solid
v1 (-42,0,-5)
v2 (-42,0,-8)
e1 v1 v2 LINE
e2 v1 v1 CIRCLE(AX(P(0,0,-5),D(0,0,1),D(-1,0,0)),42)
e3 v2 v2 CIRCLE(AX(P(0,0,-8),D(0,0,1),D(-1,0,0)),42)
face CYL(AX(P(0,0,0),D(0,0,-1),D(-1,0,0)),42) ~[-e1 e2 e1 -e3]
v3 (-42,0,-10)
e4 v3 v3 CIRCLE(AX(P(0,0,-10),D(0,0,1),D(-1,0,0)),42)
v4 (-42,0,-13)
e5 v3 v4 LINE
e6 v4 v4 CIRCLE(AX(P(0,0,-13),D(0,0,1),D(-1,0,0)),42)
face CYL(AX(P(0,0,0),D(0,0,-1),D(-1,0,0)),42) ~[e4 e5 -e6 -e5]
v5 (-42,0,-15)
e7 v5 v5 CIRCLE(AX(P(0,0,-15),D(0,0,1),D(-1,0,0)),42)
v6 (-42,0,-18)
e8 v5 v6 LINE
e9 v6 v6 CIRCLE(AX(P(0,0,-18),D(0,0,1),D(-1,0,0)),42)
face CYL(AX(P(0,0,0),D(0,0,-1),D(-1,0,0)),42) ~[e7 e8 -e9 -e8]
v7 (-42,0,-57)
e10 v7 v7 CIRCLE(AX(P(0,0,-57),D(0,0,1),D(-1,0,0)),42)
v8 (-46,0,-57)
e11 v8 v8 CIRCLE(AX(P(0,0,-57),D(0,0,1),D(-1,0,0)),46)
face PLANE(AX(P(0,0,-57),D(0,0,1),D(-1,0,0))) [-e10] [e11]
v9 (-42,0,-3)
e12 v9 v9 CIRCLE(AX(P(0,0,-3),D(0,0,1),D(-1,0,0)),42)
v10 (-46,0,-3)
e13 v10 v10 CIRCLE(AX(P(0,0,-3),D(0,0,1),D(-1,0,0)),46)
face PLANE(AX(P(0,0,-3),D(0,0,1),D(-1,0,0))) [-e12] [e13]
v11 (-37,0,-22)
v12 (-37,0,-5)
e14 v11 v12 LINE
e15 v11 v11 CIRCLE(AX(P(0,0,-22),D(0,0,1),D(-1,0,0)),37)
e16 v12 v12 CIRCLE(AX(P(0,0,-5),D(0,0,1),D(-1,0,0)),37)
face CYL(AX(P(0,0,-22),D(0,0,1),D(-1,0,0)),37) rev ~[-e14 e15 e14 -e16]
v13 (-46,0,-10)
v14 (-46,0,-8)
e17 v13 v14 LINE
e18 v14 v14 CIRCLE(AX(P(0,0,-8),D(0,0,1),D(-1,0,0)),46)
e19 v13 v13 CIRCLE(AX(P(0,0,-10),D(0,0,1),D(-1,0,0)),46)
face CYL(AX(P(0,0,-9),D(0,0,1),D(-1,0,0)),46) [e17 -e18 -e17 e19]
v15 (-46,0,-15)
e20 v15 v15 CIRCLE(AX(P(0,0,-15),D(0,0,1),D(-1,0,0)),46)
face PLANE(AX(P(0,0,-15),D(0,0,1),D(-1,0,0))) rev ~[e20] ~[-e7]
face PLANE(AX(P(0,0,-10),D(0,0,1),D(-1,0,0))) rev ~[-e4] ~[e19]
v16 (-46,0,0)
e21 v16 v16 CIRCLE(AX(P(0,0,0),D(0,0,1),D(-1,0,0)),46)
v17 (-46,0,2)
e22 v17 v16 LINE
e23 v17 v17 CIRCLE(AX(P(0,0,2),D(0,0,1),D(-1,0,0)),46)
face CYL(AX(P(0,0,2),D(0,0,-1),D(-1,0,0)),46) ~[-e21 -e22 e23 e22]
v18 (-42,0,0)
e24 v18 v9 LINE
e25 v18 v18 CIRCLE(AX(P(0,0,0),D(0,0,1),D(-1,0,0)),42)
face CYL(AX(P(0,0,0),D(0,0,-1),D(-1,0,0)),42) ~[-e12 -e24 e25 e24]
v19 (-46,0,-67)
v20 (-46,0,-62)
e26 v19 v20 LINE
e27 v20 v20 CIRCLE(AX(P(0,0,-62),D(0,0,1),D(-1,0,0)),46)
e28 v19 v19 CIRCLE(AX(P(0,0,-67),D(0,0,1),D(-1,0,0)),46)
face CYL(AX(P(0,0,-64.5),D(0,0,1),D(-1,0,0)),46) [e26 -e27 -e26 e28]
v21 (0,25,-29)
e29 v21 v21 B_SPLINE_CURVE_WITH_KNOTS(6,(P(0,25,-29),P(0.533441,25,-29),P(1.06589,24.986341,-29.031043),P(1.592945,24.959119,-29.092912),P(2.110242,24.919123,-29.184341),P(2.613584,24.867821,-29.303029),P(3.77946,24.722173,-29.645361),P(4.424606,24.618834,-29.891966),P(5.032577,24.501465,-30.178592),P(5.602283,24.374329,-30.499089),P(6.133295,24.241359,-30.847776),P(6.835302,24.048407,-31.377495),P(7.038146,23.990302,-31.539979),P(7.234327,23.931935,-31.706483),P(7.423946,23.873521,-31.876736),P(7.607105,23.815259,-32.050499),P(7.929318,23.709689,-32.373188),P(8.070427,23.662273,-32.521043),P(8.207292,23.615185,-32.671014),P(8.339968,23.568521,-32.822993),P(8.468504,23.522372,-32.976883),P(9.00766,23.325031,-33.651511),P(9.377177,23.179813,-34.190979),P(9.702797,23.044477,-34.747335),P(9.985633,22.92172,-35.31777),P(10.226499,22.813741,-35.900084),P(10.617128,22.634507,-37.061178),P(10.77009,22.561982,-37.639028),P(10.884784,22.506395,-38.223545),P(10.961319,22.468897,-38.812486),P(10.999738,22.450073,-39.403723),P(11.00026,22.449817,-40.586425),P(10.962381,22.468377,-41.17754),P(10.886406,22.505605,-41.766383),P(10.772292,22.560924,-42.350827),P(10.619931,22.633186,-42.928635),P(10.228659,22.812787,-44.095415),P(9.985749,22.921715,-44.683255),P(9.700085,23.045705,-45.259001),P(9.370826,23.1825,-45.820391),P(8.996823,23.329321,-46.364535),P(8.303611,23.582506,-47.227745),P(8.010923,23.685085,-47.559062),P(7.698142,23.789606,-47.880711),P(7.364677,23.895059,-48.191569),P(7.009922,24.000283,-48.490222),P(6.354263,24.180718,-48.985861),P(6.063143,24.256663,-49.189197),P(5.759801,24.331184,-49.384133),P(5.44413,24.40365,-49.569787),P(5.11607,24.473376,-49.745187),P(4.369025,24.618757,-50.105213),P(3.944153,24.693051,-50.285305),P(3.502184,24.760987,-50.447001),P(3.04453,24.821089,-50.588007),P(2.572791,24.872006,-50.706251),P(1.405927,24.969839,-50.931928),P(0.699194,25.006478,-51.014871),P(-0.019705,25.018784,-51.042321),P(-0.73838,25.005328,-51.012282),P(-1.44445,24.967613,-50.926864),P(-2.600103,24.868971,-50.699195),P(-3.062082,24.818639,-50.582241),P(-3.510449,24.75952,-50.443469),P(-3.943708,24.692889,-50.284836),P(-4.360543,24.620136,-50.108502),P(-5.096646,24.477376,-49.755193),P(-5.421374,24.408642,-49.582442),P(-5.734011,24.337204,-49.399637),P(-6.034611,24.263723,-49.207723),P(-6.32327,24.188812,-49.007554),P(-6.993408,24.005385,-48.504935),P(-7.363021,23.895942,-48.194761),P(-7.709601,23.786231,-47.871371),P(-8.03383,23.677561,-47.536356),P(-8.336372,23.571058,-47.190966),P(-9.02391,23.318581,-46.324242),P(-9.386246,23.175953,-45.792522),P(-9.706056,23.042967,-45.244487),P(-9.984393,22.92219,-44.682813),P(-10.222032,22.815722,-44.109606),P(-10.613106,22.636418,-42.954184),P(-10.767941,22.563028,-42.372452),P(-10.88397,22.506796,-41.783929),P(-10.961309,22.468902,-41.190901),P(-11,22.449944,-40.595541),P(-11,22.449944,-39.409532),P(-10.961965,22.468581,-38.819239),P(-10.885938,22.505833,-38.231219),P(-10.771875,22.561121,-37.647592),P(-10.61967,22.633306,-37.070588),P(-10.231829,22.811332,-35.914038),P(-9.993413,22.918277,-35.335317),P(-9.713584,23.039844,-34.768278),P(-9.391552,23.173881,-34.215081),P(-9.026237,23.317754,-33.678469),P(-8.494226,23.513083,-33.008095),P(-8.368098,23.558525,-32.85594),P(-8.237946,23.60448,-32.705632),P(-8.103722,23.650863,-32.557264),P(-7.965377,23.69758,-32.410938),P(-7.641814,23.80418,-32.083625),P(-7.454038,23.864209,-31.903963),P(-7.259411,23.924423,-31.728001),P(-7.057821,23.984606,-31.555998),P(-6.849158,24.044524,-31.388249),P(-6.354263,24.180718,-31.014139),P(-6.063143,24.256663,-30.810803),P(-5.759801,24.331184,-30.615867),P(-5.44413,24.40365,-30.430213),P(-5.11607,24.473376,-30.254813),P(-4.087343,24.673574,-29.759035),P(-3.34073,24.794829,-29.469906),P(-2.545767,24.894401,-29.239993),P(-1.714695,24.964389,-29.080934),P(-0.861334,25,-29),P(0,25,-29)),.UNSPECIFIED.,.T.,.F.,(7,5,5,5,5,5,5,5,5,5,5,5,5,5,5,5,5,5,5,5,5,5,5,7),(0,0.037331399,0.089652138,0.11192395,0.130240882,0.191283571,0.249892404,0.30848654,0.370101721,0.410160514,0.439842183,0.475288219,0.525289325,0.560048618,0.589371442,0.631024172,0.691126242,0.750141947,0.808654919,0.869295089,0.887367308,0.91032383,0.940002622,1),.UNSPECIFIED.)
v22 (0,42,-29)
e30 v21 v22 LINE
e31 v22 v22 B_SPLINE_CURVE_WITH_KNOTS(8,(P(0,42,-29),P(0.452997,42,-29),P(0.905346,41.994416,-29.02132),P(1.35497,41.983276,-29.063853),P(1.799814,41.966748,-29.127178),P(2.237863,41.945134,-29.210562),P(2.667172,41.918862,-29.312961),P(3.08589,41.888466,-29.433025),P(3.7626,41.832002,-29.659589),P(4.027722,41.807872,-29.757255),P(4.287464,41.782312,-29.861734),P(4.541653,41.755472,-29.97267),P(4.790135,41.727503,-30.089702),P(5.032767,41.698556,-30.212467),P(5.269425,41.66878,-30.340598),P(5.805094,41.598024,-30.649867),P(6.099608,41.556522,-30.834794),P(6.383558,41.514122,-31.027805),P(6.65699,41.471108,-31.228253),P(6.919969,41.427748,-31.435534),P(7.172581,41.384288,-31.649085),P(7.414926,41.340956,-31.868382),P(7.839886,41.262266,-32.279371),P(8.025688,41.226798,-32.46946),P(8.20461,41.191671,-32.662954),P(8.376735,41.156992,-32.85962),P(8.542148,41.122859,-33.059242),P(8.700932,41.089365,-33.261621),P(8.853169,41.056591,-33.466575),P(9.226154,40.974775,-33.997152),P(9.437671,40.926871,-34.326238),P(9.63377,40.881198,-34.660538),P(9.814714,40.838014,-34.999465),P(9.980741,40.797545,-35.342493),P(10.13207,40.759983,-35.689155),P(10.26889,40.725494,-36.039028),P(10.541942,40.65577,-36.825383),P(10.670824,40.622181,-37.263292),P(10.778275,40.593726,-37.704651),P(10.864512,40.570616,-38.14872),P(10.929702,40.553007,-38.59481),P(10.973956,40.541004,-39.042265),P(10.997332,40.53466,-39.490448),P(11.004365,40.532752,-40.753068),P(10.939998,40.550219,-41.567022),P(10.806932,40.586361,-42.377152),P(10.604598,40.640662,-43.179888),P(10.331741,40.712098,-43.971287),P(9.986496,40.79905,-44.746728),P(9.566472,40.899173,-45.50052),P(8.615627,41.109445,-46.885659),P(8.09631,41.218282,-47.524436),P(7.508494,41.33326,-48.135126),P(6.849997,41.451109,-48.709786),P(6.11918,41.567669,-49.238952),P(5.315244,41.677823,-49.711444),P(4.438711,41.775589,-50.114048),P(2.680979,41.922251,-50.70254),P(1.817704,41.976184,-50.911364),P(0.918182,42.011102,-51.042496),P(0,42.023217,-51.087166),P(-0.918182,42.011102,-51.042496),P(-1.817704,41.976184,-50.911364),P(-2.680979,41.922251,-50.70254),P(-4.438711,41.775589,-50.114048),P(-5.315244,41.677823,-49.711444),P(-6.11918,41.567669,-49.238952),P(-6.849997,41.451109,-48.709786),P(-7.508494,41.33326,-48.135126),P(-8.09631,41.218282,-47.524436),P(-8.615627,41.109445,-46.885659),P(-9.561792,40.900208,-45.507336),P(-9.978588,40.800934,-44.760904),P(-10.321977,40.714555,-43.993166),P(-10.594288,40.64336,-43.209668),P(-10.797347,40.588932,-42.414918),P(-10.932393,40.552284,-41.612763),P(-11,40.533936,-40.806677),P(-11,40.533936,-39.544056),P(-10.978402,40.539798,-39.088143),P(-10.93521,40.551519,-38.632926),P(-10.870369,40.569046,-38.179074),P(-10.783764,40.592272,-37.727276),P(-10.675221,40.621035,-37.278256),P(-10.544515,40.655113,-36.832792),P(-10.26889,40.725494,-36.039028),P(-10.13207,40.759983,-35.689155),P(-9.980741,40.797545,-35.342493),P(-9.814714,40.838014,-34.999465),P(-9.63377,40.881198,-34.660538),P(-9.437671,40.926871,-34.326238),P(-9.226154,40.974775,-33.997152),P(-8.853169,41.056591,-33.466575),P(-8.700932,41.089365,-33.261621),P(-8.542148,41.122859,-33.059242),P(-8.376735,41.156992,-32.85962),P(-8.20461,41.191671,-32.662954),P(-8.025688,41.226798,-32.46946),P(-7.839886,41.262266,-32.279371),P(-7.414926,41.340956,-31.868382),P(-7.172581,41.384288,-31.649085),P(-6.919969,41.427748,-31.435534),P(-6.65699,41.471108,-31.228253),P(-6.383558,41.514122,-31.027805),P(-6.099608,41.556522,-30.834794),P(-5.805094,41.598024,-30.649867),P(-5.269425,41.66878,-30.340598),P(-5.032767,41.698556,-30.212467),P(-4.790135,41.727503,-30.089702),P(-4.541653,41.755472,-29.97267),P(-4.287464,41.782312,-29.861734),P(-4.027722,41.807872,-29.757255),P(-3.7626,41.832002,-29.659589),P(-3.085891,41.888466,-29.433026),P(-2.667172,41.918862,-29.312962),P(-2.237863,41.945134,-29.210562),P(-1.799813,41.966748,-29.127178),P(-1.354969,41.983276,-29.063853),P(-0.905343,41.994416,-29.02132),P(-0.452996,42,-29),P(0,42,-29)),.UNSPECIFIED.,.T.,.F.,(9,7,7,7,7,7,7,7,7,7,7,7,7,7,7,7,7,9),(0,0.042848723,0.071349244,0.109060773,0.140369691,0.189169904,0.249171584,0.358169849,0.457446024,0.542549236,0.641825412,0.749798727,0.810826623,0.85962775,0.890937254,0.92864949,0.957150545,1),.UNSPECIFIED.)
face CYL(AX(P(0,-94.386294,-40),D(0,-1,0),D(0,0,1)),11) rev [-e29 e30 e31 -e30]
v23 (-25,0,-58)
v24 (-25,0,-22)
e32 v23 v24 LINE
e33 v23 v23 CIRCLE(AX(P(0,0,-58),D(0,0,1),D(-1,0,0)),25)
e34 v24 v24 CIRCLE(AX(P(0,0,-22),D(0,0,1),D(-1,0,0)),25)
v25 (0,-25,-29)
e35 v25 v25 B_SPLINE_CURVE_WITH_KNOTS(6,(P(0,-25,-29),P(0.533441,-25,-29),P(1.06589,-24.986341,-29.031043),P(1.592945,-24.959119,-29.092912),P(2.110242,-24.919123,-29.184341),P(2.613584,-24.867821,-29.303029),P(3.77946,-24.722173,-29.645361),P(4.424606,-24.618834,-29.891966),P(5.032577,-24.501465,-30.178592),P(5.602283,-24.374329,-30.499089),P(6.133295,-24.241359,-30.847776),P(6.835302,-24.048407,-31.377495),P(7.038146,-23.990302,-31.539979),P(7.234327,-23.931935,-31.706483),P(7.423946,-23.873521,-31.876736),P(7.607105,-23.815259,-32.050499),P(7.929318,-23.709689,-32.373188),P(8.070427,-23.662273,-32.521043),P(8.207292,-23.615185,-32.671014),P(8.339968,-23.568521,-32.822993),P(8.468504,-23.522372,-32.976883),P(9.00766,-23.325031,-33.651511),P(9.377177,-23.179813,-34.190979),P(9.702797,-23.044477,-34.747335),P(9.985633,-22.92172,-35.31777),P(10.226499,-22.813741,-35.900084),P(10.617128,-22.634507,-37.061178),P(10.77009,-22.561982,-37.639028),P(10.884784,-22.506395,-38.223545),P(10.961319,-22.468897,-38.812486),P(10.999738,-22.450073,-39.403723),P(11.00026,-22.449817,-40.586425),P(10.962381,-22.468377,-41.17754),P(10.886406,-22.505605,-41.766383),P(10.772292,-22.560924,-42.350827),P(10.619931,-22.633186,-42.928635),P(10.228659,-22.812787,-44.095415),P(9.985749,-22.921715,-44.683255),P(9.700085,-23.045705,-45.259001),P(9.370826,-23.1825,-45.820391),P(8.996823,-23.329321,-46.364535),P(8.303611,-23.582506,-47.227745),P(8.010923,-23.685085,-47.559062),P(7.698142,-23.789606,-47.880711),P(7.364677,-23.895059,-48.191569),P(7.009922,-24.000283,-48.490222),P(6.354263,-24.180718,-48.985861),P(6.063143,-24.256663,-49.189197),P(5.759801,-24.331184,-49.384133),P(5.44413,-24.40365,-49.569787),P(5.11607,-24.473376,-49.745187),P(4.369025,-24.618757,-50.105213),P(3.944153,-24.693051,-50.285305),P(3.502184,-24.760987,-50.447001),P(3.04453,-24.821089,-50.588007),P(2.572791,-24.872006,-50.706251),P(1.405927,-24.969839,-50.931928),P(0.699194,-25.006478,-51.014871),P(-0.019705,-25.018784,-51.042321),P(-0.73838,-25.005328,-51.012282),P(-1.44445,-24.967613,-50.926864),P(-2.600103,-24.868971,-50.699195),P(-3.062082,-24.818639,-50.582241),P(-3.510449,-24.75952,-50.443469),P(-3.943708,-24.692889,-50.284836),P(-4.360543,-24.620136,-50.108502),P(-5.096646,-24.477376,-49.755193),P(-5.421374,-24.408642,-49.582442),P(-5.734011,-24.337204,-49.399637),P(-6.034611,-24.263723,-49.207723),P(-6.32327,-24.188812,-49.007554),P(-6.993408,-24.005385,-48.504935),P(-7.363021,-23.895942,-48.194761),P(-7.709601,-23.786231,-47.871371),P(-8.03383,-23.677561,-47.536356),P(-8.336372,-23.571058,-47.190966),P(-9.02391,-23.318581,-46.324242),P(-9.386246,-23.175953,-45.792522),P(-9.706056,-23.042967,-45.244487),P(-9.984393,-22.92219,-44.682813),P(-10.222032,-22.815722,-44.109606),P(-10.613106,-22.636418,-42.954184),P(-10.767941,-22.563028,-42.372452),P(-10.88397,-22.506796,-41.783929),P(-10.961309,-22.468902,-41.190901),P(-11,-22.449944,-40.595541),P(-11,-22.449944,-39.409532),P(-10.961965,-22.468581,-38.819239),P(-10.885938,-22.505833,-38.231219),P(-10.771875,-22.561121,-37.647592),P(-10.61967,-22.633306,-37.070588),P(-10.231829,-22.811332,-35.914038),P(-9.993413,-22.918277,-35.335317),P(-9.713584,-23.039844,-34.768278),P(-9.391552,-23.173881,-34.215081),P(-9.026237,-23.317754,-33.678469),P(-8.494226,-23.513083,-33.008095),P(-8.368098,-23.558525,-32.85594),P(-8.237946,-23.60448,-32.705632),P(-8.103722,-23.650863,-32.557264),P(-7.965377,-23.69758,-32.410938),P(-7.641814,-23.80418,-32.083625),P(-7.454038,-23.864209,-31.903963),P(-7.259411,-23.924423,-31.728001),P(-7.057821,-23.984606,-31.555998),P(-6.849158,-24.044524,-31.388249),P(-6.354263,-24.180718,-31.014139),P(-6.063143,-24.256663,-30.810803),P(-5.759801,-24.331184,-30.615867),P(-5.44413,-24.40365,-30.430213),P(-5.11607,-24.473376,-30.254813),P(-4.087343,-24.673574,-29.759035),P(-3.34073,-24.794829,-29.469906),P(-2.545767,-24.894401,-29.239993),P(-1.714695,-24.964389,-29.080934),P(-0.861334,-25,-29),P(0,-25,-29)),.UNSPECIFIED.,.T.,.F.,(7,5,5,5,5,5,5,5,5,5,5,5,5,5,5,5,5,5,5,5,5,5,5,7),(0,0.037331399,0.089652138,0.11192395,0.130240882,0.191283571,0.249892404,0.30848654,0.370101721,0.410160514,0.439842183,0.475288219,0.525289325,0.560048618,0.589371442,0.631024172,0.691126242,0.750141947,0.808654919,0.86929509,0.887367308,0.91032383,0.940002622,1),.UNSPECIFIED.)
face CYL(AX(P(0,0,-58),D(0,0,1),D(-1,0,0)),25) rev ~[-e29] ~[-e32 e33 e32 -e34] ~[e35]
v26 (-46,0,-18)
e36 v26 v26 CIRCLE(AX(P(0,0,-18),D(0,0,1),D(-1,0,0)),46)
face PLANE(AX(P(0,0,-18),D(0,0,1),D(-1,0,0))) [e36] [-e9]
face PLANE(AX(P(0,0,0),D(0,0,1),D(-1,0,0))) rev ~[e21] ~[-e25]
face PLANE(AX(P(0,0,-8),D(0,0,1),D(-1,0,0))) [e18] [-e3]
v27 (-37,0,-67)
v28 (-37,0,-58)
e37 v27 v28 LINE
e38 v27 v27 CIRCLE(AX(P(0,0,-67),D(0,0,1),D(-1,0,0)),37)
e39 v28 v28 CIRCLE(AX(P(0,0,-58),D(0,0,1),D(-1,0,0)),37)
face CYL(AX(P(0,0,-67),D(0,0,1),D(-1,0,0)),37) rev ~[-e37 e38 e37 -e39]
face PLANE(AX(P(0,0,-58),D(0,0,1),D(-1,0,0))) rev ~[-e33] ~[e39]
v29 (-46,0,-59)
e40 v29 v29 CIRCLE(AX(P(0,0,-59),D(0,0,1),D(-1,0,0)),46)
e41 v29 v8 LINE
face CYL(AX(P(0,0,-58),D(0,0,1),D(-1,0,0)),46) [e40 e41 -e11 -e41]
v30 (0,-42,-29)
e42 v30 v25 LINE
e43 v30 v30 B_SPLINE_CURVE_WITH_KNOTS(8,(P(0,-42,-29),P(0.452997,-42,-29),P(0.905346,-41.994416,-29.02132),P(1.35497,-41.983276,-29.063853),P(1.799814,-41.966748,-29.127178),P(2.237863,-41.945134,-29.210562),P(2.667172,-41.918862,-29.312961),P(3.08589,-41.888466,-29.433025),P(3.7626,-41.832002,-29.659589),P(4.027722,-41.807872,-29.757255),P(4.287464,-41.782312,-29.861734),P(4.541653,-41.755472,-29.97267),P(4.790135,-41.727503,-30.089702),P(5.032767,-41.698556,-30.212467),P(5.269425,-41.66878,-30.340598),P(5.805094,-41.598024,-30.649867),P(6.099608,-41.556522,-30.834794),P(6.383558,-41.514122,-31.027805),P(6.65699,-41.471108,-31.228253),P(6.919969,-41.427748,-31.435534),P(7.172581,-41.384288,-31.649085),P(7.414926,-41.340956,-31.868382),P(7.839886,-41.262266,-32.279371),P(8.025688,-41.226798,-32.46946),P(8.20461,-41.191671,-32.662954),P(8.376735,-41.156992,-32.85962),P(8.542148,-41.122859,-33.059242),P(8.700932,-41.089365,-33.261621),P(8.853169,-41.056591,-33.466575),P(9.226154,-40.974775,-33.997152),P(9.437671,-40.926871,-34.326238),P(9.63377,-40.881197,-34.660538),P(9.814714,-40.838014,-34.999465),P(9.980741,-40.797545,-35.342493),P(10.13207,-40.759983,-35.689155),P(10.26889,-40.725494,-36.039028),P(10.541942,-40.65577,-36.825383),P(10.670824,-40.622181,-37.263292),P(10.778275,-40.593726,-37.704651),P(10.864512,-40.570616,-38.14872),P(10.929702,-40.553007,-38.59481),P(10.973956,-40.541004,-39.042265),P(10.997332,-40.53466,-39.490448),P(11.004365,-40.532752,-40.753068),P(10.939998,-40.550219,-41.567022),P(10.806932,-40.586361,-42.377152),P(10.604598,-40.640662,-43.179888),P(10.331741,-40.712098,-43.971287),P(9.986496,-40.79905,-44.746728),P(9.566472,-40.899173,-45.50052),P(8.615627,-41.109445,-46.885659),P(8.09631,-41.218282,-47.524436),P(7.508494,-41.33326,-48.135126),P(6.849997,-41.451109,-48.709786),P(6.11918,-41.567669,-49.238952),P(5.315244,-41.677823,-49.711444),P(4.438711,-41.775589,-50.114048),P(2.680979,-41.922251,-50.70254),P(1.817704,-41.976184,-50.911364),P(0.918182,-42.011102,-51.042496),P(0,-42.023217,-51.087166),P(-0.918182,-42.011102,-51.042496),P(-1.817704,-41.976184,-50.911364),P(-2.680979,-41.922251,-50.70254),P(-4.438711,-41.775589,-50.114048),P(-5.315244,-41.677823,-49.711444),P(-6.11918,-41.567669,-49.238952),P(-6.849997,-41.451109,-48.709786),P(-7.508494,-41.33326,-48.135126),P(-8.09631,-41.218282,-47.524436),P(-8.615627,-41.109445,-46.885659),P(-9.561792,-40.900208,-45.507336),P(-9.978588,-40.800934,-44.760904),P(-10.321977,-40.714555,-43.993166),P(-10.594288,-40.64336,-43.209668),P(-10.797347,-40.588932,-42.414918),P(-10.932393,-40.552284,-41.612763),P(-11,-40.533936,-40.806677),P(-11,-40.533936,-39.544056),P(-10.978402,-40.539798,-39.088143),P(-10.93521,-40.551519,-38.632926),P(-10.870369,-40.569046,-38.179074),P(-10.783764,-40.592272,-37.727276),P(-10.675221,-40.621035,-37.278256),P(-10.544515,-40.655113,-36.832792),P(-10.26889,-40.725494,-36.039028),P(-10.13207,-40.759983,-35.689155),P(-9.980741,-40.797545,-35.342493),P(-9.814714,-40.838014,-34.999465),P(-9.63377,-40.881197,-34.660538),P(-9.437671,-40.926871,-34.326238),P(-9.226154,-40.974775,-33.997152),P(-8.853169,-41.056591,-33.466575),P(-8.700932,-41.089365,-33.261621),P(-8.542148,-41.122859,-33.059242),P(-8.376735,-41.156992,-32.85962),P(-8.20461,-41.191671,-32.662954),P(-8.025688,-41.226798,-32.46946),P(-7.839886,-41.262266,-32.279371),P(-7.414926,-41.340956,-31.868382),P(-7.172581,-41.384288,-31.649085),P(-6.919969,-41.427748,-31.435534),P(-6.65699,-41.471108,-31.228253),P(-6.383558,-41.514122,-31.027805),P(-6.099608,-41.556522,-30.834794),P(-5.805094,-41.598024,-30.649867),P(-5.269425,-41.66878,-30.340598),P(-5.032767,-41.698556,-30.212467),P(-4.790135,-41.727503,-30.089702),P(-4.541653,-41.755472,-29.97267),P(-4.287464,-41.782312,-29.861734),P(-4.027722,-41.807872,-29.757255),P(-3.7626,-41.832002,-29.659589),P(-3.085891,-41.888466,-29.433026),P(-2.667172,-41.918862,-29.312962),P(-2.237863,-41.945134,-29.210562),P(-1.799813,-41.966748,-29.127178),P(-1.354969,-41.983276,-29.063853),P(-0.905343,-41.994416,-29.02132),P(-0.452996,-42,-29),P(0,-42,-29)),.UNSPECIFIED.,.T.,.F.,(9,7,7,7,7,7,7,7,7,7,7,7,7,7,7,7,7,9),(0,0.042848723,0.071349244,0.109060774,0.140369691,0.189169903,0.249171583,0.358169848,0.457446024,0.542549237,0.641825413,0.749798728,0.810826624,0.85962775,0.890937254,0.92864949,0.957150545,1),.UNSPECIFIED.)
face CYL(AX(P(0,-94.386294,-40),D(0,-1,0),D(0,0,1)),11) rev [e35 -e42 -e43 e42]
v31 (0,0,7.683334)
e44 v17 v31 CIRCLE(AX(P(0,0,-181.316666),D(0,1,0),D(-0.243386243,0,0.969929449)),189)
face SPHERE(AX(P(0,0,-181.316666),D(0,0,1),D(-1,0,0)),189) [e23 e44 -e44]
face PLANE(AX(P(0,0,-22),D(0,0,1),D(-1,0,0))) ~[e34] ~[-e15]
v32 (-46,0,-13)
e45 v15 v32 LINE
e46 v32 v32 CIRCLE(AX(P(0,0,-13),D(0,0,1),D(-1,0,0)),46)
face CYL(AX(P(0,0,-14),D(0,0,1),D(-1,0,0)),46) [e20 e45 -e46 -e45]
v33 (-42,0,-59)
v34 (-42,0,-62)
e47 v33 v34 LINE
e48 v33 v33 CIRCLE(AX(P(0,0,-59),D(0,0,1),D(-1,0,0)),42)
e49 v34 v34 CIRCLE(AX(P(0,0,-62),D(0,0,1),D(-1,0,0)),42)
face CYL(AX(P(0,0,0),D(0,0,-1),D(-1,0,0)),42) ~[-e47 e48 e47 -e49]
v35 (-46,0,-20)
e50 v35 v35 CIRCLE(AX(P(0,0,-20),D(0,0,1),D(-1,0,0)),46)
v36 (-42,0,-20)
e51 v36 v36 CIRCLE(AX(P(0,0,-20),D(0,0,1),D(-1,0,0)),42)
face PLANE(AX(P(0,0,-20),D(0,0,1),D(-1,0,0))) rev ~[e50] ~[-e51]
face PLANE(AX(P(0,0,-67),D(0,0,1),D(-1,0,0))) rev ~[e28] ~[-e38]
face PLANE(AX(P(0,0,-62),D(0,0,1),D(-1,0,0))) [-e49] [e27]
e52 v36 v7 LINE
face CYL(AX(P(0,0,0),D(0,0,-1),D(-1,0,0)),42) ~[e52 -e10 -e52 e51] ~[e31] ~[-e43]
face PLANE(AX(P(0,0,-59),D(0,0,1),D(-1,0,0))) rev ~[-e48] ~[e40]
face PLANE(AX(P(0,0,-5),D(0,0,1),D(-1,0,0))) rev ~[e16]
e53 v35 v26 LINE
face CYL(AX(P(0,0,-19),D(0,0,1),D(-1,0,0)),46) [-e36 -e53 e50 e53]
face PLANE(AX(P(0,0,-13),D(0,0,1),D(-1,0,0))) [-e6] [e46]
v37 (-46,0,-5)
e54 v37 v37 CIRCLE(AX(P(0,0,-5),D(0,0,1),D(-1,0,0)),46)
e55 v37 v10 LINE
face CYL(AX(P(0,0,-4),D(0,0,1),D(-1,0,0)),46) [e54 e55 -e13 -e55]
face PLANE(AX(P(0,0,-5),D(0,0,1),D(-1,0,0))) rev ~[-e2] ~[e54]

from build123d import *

# Parameters (mm, degrees)
SKETCH1_W               = 4
SKETCH1_H               = 2
SKETCH1_H_2             = 5
CUT_EXTRUDE1_DEPTH      = 94.386294498
CUT_EXTRUDE1_DEPTH_BACK = 94.386294498
SKETCH2_R               = 11


with BuildPart() as part:
    # Sketch1 → Revolve1 (revolve)
    with BuildSketch(Plane.YZ, mode=Mode.PRIVATE) as revolve1_sk:
        with BuildLine():
            ThreePointArc((-46, 2), (-23.174880185, 6.257119382), (0, 7.683334091))
            Line((0, 7.683334091), (0, 2))
            Line((0, 2), (-46, 2))
        make_face()
        Polygon((-46, 2), (-46, 0), (-42, 0), (0, 0), (0, 2), align=None)
        Polygon((0, 0), (-42, 0), (-42, -3), (-42, -5), (-42, -8), (-42, -10), (-42, -13), (-42, -15), (-42, -18), (-42, -20), (-42, -57), (-42, -59), (-42, -62), (-42, -67), (-37, -67), (-37, -58), (-25, -58), (-25, -22), (-37, -22), (-37, -5), (0, -5), align=None)
        with Locations((-44, -4)):
            Rectangle(SKETCH1_W, SKETCH1_H)
        with Locations((-44, -9)):
            Rectangle(SKETCH1_W, SKETCH1_H)
        with Locations((-44, -19)):
            Rectangle(SKETCH1_W, SKETCH1_H)
        with Locations((-44, -14)):
            Rectangle(SKETCH1_W, SKETCH1_H)
        with Locations((-44, -58)):
            Rectangle(SKETCH1_W, SKETCH1_H)
        with Locations((-44, -64.5)):
            Rectangle(SKETCH1_W, SKETCH1_H_2)
    revolve(revolve1_sk.sketch.rotate(Axis((0, 0, 0), (0, 0, 1)), 270), axis=Axis((0, 0, 0), (0, 0, 1)))

    # Sketch2 → Cut-Extrude1 (cut, two sides: drawn at the far end of the back side and taken through both)
    with BuildSketch(Plane(origin=(0, 0, 0), x_dir=(-1, 0, 0), z_dir=(0, 1, 0)).offset(-CUT_EXTRUDE1_DEPTH_BACK)):
        with Locations(Location((0, -40, 0), (0, 0, 90))):
            Circle(SKETCH2_R)
    extrude(amount=CUT_EXTRUDE1_DEPTH + CUT_EXTRUDE1_DEPTH_BACK, mode=Mode.SUBTRACT)


solid = part.part
